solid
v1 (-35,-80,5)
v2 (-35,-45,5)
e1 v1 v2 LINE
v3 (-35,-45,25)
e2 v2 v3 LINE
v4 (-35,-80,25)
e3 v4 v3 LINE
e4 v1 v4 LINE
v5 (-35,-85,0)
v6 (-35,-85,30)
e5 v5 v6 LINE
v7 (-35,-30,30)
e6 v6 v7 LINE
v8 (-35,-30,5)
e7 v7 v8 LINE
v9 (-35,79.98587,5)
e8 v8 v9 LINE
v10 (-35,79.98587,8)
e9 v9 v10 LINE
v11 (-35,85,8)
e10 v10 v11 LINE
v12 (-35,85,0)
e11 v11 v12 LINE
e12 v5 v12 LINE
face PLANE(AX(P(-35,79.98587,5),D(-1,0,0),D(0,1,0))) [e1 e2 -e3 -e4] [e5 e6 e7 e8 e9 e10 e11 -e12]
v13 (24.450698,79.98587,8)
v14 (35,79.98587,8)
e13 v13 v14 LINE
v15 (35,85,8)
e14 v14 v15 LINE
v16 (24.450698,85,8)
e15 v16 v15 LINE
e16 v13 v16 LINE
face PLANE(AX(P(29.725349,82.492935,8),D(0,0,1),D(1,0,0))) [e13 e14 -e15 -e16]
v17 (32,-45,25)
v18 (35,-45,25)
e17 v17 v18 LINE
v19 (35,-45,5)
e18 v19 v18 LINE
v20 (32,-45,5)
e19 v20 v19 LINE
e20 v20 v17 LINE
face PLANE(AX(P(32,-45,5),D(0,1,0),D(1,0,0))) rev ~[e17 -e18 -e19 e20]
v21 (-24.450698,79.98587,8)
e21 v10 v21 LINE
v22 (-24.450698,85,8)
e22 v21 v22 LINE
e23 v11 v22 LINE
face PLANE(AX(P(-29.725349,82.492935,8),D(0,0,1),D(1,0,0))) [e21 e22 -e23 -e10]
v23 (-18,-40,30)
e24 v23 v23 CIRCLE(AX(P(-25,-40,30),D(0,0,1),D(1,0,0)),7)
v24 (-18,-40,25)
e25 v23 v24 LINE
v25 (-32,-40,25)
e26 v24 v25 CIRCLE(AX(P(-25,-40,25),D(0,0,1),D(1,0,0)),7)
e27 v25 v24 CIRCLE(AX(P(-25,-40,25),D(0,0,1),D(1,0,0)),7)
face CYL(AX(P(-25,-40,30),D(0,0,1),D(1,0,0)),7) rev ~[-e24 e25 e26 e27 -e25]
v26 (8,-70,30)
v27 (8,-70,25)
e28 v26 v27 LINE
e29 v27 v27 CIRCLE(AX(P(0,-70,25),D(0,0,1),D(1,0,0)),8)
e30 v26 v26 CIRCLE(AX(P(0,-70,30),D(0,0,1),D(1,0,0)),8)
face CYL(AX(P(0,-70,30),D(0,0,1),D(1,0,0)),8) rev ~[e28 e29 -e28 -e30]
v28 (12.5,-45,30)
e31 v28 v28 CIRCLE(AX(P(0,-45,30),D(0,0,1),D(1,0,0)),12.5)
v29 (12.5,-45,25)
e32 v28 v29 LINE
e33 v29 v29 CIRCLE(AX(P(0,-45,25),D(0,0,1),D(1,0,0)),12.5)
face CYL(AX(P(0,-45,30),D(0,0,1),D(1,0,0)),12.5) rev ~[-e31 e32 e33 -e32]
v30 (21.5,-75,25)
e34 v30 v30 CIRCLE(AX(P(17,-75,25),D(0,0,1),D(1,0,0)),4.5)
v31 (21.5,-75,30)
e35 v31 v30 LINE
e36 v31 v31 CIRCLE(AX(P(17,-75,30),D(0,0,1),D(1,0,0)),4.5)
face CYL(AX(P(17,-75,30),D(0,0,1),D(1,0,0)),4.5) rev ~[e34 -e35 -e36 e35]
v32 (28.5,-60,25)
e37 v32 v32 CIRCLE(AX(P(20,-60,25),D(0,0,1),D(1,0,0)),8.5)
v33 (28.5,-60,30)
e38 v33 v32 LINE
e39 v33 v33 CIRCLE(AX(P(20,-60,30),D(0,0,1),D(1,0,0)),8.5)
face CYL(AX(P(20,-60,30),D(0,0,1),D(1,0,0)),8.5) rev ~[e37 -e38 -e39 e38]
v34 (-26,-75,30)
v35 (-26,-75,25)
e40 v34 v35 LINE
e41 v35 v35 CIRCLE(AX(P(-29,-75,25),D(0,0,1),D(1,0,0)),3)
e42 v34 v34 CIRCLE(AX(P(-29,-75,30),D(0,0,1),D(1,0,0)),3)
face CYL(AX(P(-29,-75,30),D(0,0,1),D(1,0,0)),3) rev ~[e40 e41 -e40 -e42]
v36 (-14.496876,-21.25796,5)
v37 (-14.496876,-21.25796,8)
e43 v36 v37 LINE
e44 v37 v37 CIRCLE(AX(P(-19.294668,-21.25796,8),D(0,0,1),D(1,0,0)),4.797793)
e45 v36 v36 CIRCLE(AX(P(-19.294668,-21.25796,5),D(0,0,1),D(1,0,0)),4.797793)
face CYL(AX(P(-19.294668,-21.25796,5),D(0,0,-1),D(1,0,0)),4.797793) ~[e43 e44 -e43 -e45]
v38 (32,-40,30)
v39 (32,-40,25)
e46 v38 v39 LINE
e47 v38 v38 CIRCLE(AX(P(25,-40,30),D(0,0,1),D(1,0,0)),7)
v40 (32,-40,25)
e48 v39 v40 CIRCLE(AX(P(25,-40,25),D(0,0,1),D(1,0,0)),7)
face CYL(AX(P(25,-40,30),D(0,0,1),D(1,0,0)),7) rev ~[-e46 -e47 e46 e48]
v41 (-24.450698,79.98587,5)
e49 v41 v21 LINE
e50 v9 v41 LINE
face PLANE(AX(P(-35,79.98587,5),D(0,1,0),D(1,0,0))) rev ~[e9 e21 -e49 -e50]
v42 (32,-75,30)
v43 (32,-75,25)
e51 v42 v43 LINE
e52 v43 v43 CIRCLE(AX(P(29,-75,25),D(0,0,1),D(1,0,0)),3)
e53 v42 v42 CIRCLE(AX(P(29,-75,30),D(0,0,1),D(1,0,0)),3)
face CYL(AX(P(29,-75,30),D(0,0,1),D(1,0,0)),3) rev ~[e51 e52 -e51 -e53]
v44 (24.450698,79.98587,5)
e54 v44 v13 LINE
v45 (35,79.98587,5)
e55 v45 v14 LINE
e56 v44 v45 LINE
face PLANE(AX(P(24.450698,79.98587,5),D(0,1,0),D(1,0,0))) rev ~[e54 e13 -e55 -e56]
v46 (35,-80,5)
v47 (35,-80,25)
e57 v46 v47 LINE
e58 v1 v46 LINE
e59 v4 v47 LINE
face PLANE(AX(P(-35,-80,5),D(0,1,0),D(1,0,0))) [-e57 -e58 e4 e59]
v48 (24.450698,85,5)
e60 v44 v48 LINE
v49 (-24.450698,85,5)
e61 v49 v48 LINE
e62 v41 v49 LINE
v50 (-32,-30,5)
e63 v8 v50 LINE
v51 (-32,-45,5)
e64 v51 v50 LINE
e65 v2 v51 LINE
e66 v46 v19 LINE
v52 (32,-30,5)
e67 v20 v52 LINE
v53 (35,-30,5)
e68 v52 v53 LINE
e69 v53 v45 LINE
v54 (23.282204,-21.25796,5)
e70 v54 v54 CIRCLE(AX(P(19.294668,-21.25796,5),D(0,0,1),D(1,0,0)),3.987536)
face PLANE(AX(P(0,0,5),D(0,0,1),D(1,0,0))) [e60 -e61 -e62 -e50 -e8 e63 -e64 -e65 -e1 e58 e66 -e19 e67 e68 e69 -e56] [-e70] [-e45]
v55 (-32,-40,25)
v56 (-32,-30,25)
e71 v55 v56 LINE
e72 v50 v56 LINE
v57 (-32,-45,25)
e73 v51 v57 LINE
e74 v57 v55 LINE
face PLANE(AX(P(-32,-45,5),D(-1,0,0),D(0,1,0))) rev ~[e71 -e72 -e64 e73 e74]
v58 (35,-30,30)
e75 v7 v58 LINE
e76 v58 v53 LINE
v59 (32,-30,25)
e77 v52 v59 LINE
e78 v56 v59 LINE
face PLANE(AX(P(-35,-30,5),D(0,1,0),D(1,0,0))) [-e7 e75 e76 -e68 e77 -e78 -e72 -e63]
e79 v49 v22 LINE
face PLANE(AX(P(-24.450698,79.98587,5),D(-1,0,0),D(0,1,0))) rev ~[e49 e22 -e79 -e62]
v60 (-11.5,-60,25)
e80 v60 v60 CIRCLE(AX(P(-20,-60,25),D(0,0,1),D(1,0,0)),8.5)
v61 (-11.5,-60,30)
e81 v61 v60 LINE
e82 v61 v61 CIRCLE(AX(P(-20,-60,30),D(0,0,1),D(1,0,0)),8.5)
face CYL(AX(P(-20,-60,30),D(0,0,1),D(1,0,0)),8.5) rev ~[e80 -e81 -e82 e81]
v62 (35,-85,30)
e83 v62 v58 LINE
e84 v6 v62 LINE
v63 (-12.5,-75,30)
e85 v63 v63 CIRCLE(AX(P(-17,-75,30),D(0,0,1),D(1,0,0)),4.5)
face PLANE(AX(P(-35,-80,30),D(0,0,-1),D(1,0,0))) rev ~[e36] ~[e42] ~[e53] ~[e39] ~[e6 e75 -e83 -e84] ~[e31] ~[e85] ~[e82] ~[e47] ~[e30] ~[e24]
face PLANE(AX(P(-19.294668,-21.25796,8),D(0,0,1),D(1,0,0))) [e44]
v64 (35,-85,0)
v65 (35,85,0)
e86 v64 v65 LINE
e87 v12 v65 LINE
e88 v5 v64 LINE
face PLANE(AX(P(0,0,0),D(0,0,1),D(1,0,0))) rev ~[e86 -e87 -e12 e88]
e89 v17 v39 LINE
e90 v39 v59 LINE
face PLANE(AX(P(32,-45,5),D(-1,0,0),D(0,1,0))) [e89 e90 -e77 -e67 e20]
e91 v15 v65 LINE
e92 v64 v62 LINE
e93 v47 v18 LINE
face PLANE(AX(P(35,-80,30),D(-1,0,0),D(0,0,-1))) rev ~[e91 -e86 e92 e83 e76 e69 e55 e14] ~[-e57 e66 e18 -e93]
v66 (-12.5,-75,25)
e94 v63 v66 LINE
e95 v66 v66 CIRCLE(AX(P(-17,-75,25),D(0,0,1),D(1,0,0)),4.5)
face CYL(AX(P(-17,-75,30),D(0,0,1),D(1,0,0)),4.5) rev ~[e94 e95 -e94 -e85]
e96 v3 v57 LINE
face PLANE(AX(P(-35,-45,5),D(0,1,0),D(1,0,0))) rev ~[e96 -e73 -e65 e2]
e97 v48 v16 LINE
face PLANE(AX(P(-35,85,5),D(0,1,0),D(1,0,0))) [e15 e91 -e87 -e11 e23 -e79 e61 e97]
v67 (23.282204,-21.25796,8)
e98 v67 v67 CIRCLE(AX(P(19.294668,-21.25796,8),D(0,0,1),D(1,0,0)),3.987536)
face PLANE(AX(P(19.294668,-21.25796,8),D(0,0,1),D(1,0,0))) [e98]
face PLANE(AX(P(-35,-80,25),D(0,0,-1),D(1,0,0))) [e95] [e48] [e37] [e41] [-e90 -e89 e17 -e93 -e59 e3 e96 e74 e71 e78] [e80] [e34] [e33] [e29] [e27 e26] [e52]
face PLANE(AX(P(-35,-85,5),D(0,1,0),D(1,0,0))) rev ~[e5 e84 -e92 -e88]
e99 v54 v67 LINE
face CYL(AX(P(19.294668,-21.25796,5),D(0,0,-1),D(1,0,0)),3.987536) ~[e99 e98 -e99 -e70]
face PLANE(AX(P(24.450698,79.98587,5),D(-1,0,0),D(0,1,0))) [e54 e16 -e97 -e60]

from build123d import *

# Parameters (mm, degrees)
SKETCH1_W           = 70
SKETCH1_H           = 170
BOSS_EXTRUDE1_DEPTH = 5
SKETCH2_W           = 70
SKETCH2_H           = 5
BOSS_EXTRUDE2_DEPTH = 25
SKETCH3_W           = 70
SKETCH3_H           = 5
BOSS_EXTRUDE3_DEPTH = 50
SKETCH4_W           = 3
SKETCH4_H           = 15
BOSS_EXTRUDE4_DEPTH = 20
CUT_EXTRUDE1_REACH  = 98.695
SKETCH6_R           = 12.5
SKETCH6_R_2         = 7
SKETCH6_R_3         = 8.5
SKETCH6_R_4         = 8
SKETCH6_R_5         = 4.5
SKETCH6_R_6         = 3
SKETCH7_R           = 4.797792648
SKETCH7_R_2         = 3.987535838
SKETCH7_W           = 10.549301712
SKETCH7_H           = 5.014130384
BOSS_EXTRUDE5_DEPTH = 3


with BuildPart() as part:
    # Sketch1 → Boss-Extrude1 (new body)
    with BuildSketch(Plane.XY):
        Rectangle(SKETCH1_W, SKETCH1_H)
    extrude(amount=BOSS_EXTRUDE1_DEPTH)

    # Sketch2 → Boss-Extrude2 (add)
    with BuildSketch(Plane.XY.offset(5)):
        with Locations((0, -82.5)):
            Rectangle(SKETCH2_W, SKETCH2_H)
    extrude(amount=BOSS_EXTRUDE2_DEPTH)

    # Sketch3 → Boss-Extrude3 (add)
    with BuildSketch(Plane(origin=(0, -80, 0), x_dir=(1, 0, 0), z_dir=(0, 1, 0))):
        with Locations((0, -27.5)):
            Rectangle(SKETCH3_W, SKETCH3_H)
    extrude(amount=BOSS_EXTRUDE3_DEPTH)

    # Sketch4 → Boss-Extrude4 (add)
    with BuildSketch(Plane.XY.offset(5)):
        with Locations((-33.5, -37.5)):
            Rectangle(SKETCH4_W, SKETCH4_H)
        with Locations((33.5, -37.5)):
            Rectangle(SKETCH4_W, SKETCH4_H)
    extrude(amount=BOSS_EXTRUDE4_DEPTH)

    # Sketch6 → Cut-Extrude1 (cut, up to next)
    with BuildSketch(Plane.XY.offset(30), mode=Mode.PRIVATE) as cut_extrude1_sk1:
        with Locations((0, -45)):
            Circle(SKETCH6_R)
    cut_extrude1_tool1 = extrude(cut_extrude1_sk1.sketch, amount=-CUT_EXTRUDE1_REACH, mode=Mode.PRIVATE) & part.part
    # Sketch6 → Cut-Extrude1 (cut, up to next)
    with BuildSketch(Plane.XY.offset(30), mode=Mode.PRIVATE) as cut_extrude1_sk2:
        with Locations((-25, -40)):
            Circle(SKETCH6_R_2)
    cut_extrude1_tool2 = extrude(cut_extrude1_sk2.sketch, amount=-CUT_EXTRUDE1_REACH, mode=Mode.PRIVATE) & part.part
    # Sketch6 → Cut-Extrude1 (cut, up to next)
    with BuildSketch(Plane.XY.offset(30), mode=Mode.PRIVATE) as cut_extrude1_sk3:
        with Locations((25, -40)):
            Circle(SKETCH6_R_2)
    cut_extrude1_tool3 = extrude(cut_extrude1_sk3.sketch, amount=-CUT_EXTRUDE1_REACH, mode=Mode.PRIVATE) & part.part
    # Sketch6 → Cut-Extrude1 (cut, up to next)
    with BuildSketch(Plane.XY.offset(30), mode=Mode.PRIVATE) as cut_extrude1_sk4:
        with Locations((-20, -60)):
            Circle(SKETCH6_R_3)
    cut_extrude1_tool4 = extrude(cut_extrude1_sk4.sketch, amount=-CUT_EXTRUDE1_REACH, mode=Mode.PRIVATE) & part.part
    # Sketch6 → Cut-Extrude1 (cut, up to next)
    with BuildSketch(Plane.XY.offset(30), mode=Mode.PRIVATE) as cut_extrude1_sk5:
        with Locations((20, -60)):
            Circle(SKETCH6_R_3)
    cut_extrude1_tool5 = extrude(cut_extrude1_sk5.sketch, amount=-CUT_EXTRUDE1_REACH, mode=Mode.PRIVATE) & part.part
    # Sketch6 → Cut-Extrude1 (cut, up to next)
    with BuildSketch(Plane.XY.offset(30), mode=Mode.PRIVATE) as cut_extrude1_sk6:
        with Locations((0, -70)):
            Circle(SKETCH6_R_4)
    cut_extrude1_tool6 = extrude(cut_extrude1_sk6.sketch, amount=-CUT_EXTRUDE1_REACH, mode=Mode.PRIVATE) & part.part
    # Sketch6 → Cut-Extrude1 (cut, up to next)
    with BuildSketch(Plane.XY.offset(30), mode=Mode.PRIVATE) as cut_extrude1_sk7:
        with Locations((-17, -75)):
            Circle(SKETCH6_R_5)
    cut_extrude1_tool7 = extrude(cut_extrude1_sk7.sketch, amount=-CUT_EXTRUDE1_REACH, mode=Mode.PRIVATE) & part.part
    # Sketch6 → Cut-Extrude1 (cut, up to next)
    with BuildSketch(Plane.XY.offset(30), mode=Mode.PRIVATE) as cut_extrude1_sk8:
        with Locations((17, -75)):
            Circle(SKETCH6_R_5)
    cut_extrude1_tool8 = extrude(cut_extrude1_sk8.sketch, amount=-CUT_EXTRUDE1_REACH, mode=Mode.PRIVATE) & part.part
    # Sketch6 → Cut-Extrude1 (cut, up to next)
    with BuildSketch(Plane.XY.offset(30), mode=Mode.PRIVATE) as cut_extrude1_sk9:
        with Locations((29, -75)):
            Circle(SKETCH6_R_6)
    cut_extrude1_tool9 = extrude(cut_extrude1_sk9.sketch, amount=-CUT_EXTRUDE1_REACH, mode=Mode.PRIVATE) & part.part
    # Sketch6 → Cut-Extrude1 (cut, up to next)
    with BuildSketch(Plane.XY.offset(30), mode=Mode.PRIVATE) as cut_extrude1_sk10:
        with Locations((-29, -75)):
            Circle(SKETCH6_R_6)
    cut_extrude1_tool10 = extrude(cut_extrude1_sk10.sketch, amount=-CUT_EXTRUDE1_REACH, mode=Mode.PRIVATE) & part.part
    add(cut_extrude1_tool1.solids().sort_by_distance((0, -45, 30))[0], mode=Mode.SUBTRACT)
    add(cut_extrude1_tool2.solids().sort_by_distance((-25, -40, 30))[0], mode=Mode.SUBTRACT)
    add(cut_extrude1_tool3.solids().sort_by_distance((25, -40, 30))[0], mode=Mode.SUBTRACT)
    add(cut_extrude1_tool4.solids().sort_by_distance((-20, -60, 30))[0], mode=Mode.SUBTRACT)
    add(cut_extrude1_tool5.solids().sort_by_distance((20, -60, 30))[0], mode=Mode.SUBTRACT)
    add(cut_extrude1_tool6.solids().sort_by_distance((0, -70, 30))[0], mode=Mode.SUBTRACT)
    add(cut_extrude1_tool7.solids().sort_by_distance((-17, -75, 30))[0], mode=Mode.SUBTRACT)
    add(cut_extrude1_tool8.solids().sort_by_distance((17, -75, 30))[0], mode=Mode.SUBTRACT)
    add(cut_extrude1_tool9.solids().sort_by_distance((29, -75, 30))[0], mode=Mode.SUBTRACT)
    add(cut_extrude1_tool10.solids().sort_by_distance((-29, -75, 30))[0], mode=Mode.SUBTRACT)

    # Sketch7 → Boss-Extrude5 (add)
    with BuildSketch(Plane.XY.offset(5)):
        with Locations((-19.294668455, -21.257959738)):
            Circle(SKETCH7_R)
        with Locations((19.294668455, -21.257959738)):
            Circle(SKETCH7_R_2)
        with Locations((-29.725349144, 82.492934808)):
            Rectangle(SKETCH7_W, SKETCH7_H)
        with Locations((29.725349144, 82.492934808)):
            Rectangle(SKETCH7_W, SKETCH7_H)
    extrude(amount=BOSS_EXTRUDE5_DEPTH)


solid = part.part
